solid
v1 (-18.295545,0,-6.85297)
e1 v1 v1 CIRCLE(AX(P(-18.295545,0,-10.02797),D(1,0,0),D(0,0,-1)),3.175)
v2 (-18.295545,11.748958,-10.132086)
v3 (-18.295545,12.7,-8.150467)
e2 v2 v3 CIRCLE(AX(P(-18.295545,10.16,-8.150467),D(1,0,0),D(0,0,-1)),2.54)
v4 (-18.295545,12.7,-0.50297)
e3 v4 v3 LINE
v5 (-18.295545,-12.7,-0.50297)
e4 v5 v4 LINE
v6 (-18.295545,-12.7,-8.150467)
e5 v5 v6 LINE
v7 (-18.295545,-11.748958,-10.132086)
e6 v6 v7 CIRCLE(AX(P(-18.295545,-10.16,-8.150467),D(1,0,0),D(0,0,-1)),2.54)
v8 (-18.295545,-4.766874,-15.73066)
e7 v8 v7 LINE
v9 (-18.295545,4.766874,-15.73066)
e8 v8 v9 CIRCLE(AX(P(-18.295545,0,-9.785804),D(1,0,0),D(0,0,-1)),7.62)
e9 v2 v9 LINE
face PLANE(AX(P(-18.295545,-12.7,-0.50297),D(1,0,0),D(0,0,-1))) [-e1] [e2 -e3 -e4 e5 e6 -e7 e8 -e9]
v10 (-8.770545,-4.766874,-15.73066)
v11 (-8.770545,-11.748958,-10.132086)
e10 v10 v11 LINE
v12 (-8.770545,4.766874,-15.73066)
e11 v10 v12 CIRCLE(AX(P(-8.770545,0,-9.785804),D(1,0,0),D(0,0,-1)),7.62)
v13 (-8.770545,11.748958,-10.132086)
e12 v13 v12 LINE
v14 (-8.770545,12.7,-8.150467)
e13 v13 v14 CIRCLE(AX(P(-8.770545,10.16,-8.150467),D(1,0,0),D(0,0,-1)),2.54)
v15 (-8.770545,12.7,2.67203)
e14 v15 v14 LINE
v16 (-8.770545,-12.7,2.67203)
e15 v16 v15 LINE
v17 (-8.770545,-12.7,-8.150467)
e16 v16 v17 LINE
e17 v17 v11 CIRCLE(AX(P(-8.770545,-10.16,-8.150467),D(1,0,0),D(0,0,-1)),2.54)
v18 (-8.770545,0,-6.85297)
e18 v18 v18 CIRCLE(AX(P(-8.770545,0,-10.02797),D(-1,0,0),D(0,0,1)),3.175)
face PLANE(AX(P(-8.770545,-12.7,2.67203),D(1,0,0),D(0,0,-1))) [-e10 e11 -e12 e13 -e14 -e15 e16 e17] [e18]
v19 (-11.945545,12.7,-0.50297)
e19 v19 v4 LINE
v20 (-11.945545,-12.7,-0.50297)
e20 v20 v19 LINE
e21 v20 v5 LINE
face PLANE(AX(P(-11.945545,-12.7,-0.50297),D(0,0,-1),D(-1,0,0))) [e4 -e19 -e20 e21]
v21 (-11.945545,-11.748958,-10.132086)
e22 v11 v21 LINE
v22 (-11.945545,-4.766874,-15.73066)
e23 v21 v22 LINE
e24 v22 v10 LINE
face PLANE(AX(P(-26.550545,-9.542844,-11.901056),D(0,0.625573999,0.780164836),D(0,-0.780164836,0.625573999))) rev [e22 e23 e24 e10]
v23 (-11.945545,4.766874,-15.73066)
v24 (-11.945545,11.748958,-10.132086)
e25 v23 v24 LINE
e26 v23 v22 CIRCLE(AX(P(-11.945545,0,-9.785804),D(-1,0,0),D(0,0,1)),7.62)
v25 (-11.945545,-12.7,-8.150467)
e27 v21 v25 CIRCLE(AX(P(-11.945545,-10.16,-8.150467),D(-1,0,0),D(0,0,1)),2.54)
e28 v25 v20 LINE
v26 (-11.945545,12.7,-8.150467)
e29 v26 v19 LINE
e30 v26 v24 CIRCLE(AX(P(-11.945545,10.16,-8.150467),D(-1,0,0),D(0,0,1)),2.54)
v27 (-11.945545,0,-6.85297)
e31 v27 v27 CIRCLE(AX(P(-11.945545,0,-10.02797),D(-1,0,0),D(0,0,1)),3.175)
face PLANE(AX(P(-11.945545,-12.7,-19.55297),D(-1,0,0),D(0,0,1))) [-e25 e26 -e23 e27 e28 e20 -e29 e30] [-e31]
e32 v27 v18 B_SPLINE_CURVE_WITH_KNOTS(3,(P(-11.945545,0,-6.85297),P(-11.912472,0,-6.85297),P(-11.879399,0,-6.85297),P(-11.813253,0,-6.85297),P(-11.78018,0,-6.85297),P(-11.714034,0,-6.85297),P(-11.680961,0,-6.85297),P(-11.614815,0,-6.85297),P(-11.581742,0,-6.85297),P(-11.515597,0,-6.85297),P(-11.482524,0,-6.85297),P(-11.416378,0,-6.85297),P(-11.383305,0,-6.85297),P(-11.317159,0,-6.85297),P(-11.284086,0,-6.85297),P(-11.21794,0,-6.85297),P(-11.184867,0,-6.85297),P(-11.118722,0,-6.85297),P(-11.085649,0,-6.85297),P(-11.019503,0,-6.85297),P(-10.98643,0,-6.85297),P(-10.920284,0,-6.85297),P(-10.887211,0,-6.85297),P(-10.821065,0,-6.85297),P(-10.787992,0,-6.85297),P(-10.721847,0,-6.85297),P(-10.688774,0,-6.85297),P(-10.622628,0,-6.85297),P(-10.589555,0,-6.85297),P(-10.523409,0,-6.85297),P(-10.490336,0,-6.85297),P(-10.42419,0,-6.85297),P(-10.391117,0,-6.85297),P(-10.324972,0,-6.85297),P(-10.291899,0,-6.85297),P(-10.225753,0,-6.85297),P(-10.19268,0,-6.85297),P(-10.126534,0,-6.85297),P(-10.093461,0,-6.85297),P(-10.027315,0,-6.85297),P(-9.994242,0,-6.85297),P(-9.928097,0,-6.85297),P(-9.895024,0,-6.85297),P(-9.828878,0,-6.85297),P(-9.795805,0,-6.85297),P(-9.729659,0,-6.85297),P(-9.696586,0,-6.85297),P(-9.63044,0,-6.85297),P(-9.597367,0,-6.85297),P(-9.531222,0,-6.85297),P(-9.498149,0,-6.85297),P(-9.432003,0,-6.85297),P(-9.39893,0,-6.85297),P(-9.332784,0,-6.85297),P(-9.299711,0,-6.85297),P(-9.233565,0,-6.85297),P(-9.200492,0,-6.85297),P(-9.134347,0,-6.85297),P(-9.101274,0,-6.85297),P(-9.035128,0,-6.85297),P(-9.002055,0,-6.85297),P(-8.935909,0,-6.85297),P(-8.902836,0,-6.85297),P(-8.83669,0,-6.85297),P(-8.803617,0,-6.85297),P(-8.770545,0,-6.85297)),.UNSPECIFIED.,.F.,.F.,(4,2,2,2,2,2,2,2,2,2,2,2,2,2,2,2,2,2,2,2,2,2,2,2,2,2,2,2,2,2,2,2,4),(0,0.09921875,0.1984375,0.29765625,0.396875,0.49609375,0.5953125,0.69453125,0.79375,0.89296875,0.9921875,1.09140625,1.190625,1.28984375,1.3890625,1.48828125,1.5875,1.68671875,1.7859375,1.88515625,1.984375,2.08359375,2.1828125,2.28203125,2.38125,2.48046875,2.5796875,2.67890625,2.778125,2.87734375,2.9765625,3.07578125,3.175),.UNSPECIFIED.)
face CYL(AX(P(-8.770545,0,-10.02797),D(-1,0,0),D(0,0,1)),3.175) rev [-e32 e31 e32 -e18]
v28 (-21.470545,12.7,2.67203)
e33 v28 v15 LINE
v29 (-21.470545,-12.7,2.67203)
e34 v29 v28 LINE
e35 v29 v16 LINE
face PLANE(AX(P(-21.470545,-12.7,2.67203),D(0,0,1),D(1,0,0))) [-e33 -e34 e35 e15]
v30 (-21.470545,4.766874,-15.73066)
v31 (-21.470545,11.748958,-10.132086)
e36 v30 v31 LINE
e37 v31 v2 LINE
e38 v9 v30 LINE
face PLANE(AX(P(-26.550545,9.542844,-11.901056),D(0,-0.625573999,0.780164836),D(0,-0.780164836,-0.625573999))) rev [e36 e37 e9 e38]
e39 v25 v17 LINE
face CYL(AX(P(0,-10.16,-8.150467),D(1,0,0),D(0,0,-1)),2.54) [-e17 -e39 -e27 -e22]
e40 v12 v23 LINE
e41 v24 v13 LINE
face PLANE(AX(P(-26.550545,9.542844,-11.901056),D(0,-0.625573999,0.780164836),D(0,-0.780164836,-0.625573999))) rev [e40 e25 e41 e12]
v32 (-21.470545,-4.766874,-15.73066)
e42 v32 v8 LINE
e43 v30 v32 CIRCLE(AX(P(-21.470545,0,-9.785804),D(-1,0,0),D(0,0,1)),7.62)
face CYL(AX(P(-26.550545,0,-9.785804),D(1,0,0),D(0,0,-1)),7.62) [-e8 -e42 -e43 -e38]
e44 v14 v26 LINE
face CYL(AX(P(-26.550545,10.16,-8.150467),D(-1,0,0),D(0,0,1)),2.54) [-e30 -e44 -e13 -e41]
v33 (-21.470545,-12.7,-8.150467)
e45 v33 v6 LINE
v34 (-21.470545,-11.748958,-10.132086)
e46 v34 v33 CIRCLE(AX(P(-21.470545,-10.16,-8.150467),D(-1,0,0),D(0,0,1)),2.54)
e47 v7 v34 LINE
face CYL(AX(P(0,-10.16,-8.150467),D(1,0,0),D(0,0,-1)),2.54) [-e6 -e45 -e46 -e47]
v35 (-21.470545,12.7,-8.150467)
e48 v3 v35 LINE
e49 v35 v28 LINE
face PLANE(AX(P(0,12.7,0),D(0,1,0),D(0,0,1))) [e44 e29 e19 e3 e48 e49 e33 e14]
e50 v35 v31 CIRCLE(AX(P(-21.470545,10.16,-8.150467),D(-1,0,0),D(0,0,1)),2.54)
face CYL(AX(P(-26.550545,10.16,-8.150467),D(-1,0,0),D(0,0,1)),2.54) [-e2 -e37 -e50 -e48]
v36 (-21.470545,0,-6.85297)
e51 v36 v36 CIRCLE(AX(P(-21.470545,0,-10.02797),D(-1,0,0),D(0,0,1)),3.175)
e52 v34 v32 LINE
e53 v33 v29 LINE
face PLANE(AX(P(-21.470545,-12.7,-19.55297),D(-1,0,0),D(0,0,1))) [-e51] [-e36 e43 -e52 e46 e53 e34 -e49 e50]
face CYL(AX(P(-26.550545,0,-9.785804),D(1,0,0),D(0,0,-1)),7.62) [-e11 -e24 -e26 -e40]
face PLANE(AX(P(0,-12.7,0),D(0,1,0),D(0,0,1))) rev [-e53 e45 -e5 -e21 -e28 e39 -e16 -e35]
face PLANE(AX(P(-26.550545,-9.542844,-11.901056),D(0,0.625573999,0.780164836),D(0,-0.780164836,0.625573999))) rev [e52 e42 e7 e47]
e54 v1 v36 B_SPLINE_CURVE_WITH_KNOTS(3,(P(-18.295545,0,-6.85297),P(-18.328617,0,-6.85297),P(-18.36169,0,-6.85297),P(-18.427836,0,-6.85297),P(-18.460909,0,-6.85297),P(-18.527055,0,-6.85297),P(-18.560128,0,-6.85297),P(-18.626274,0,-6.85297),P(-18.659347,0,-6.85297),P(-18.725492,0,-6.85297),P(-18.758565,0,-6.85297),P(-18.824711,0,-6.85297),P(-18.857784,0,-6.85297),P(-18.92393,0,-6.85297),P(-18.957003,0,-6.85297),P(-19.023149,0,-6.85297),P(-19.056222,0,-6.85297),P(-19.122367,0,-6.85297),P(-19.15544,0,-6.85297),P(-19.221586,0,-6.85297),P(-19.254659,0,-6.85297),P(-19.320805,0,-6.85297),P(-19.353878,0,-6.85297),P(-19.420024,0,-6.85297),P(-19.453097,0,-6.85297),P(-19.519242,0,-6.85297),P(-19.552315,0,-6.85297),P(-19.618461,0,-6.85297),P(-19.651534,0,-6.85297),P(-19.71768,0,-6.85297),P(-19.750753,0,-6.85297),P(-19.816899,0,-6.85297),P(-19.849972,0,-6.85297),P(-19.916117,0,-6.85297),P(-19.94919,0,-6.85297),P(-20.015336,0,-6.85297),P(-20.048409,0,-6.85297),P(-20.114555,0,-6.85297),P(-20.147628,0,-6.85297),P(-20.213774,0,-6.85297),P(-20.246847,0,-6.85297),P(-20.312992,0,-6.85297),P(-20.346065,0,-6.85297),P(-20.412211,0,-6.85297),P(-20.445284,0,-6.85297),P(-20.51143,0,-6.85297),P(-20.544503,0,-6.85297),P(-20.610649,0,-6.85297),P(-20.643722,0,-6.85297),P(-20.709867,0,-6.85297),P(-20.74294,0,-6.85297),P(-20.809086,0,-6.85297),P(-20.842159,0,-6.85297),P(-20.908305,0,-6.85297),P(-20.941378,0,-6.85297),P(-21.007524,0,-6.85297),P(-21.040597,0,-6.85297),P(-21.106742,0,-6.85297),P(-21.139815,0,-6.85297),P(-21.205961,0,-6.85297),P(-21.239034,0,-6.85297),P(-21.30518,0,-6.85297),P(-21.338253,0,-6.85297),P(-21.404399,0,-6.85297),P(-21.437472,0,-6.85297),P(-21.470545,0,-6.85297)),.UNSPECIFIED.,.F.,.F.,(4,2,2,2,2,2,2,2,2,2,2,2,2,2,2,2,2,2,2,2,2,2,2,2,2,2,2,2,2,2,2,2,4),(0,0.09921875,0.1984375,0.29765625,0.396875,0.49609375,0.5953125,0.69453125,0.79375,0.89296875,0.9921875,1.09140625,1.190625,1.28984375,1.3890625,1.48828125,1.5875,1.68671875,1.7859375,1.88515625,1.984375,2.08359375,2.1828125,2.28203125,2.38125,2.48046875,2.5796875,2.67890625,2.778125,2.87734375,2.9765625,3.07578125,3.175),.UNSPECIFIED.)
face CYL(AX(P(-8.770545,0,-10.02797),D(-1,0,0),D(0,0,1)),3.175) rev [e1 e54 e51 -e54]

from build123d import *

# Parameters (mm, degrees)
BOSS_EXTRUDE1_DEPTH      = 12.7
BOSS_EXTRUDE1_DEPTH_BACK = 12.7
SKETCH3_R                = 3.175
CUT_EXTRUDE1_DEPTH       = 27.549927447
CUT_EXTRUDE3_DEPTH       = 17.78
FILLET1_R                = 7.62
FILLET2_R                = 2.54


with BuildPart() as part:
    # Sketch1 → Boss-Extrude1 (new, two sides: drawn at the far end of the back side and taken through both)
    with BuildSketch(Plane(origin=(0, 0, 0), x_dir=(1, 0, 0), z_dir=(0, 1, 0)).offset(-BOSS_EXTRUDE1_DEPTH_BACK)):
        Polygon((-21.470544554, -2.672029703), (-8.770544554, -2.672029703), (-8.770544554, 19.552970297), (-11.945544554, 19.552970297), (-11.945544554, 0.502970297), (-18.295544554, 0.502970297), (-18.295544554, 19.552970297), (-21.470544554, 19.552970297), align=None)
    extrude(amount=BOSS_EXTRUDE1_DEPTH + BOSS_EXTRUDE1_DEPTH_BACK)

    # Sketch3 → Cut-Extrude1 (cut, through all)
    with BuildSketch(Plane.ZY.offset(21.470544554)):
        with Locations((-10.027970297, 0)):
            Circle(SKETCH3_R)
    extrude(amount=-CUT_EXTRUDE1_DEPTH, mode=Mode.SUBTRACT)

    # Sketch5 → Cut-Extrude3 (cut)
    with BuildSketch(Plane(origin=(-8.770544554, 0, 0), x_dir=(0, 0, -1), z_dir=(1, 0, 0))):
        Polygon((19.552970297, 12.7), (9.369494421, 12.7), (19.552970297, 0), align=None)
        Polygon((19.552970297, -12.7), (19.552970297, 0), (9.369494421, -12.7), align=None)
    extrude(amount=-CUT_EXTRUDE3_DEPTH, mode=Mode.SUBTRACT)

    # Fillet1
    fillet1_edges = [part.edges().sort_by_distance(p)[0] for p in [
        (-19.883044554, 0, -19.552970297),
        (-10.358044554, 0, -19.552970297),
    ]]
    fillet(fillet1_edges, radius=FILLET1_R)

    # Fillet2
    fillet2_edges = [part.edges().sort_by_distance(p)[0] for p in [
        (-19.883044554, -12.7, -9.369494421),
        (-10.358044554, -12.7, -9.369494421),
        (-10.358044554, 12.7, -9.369494421),
        (-19.883044554, 12.7, -9.369494421),
    ]]
    fillet(fillet2_edges, radius=FILLET2_R)


solid = part.part
